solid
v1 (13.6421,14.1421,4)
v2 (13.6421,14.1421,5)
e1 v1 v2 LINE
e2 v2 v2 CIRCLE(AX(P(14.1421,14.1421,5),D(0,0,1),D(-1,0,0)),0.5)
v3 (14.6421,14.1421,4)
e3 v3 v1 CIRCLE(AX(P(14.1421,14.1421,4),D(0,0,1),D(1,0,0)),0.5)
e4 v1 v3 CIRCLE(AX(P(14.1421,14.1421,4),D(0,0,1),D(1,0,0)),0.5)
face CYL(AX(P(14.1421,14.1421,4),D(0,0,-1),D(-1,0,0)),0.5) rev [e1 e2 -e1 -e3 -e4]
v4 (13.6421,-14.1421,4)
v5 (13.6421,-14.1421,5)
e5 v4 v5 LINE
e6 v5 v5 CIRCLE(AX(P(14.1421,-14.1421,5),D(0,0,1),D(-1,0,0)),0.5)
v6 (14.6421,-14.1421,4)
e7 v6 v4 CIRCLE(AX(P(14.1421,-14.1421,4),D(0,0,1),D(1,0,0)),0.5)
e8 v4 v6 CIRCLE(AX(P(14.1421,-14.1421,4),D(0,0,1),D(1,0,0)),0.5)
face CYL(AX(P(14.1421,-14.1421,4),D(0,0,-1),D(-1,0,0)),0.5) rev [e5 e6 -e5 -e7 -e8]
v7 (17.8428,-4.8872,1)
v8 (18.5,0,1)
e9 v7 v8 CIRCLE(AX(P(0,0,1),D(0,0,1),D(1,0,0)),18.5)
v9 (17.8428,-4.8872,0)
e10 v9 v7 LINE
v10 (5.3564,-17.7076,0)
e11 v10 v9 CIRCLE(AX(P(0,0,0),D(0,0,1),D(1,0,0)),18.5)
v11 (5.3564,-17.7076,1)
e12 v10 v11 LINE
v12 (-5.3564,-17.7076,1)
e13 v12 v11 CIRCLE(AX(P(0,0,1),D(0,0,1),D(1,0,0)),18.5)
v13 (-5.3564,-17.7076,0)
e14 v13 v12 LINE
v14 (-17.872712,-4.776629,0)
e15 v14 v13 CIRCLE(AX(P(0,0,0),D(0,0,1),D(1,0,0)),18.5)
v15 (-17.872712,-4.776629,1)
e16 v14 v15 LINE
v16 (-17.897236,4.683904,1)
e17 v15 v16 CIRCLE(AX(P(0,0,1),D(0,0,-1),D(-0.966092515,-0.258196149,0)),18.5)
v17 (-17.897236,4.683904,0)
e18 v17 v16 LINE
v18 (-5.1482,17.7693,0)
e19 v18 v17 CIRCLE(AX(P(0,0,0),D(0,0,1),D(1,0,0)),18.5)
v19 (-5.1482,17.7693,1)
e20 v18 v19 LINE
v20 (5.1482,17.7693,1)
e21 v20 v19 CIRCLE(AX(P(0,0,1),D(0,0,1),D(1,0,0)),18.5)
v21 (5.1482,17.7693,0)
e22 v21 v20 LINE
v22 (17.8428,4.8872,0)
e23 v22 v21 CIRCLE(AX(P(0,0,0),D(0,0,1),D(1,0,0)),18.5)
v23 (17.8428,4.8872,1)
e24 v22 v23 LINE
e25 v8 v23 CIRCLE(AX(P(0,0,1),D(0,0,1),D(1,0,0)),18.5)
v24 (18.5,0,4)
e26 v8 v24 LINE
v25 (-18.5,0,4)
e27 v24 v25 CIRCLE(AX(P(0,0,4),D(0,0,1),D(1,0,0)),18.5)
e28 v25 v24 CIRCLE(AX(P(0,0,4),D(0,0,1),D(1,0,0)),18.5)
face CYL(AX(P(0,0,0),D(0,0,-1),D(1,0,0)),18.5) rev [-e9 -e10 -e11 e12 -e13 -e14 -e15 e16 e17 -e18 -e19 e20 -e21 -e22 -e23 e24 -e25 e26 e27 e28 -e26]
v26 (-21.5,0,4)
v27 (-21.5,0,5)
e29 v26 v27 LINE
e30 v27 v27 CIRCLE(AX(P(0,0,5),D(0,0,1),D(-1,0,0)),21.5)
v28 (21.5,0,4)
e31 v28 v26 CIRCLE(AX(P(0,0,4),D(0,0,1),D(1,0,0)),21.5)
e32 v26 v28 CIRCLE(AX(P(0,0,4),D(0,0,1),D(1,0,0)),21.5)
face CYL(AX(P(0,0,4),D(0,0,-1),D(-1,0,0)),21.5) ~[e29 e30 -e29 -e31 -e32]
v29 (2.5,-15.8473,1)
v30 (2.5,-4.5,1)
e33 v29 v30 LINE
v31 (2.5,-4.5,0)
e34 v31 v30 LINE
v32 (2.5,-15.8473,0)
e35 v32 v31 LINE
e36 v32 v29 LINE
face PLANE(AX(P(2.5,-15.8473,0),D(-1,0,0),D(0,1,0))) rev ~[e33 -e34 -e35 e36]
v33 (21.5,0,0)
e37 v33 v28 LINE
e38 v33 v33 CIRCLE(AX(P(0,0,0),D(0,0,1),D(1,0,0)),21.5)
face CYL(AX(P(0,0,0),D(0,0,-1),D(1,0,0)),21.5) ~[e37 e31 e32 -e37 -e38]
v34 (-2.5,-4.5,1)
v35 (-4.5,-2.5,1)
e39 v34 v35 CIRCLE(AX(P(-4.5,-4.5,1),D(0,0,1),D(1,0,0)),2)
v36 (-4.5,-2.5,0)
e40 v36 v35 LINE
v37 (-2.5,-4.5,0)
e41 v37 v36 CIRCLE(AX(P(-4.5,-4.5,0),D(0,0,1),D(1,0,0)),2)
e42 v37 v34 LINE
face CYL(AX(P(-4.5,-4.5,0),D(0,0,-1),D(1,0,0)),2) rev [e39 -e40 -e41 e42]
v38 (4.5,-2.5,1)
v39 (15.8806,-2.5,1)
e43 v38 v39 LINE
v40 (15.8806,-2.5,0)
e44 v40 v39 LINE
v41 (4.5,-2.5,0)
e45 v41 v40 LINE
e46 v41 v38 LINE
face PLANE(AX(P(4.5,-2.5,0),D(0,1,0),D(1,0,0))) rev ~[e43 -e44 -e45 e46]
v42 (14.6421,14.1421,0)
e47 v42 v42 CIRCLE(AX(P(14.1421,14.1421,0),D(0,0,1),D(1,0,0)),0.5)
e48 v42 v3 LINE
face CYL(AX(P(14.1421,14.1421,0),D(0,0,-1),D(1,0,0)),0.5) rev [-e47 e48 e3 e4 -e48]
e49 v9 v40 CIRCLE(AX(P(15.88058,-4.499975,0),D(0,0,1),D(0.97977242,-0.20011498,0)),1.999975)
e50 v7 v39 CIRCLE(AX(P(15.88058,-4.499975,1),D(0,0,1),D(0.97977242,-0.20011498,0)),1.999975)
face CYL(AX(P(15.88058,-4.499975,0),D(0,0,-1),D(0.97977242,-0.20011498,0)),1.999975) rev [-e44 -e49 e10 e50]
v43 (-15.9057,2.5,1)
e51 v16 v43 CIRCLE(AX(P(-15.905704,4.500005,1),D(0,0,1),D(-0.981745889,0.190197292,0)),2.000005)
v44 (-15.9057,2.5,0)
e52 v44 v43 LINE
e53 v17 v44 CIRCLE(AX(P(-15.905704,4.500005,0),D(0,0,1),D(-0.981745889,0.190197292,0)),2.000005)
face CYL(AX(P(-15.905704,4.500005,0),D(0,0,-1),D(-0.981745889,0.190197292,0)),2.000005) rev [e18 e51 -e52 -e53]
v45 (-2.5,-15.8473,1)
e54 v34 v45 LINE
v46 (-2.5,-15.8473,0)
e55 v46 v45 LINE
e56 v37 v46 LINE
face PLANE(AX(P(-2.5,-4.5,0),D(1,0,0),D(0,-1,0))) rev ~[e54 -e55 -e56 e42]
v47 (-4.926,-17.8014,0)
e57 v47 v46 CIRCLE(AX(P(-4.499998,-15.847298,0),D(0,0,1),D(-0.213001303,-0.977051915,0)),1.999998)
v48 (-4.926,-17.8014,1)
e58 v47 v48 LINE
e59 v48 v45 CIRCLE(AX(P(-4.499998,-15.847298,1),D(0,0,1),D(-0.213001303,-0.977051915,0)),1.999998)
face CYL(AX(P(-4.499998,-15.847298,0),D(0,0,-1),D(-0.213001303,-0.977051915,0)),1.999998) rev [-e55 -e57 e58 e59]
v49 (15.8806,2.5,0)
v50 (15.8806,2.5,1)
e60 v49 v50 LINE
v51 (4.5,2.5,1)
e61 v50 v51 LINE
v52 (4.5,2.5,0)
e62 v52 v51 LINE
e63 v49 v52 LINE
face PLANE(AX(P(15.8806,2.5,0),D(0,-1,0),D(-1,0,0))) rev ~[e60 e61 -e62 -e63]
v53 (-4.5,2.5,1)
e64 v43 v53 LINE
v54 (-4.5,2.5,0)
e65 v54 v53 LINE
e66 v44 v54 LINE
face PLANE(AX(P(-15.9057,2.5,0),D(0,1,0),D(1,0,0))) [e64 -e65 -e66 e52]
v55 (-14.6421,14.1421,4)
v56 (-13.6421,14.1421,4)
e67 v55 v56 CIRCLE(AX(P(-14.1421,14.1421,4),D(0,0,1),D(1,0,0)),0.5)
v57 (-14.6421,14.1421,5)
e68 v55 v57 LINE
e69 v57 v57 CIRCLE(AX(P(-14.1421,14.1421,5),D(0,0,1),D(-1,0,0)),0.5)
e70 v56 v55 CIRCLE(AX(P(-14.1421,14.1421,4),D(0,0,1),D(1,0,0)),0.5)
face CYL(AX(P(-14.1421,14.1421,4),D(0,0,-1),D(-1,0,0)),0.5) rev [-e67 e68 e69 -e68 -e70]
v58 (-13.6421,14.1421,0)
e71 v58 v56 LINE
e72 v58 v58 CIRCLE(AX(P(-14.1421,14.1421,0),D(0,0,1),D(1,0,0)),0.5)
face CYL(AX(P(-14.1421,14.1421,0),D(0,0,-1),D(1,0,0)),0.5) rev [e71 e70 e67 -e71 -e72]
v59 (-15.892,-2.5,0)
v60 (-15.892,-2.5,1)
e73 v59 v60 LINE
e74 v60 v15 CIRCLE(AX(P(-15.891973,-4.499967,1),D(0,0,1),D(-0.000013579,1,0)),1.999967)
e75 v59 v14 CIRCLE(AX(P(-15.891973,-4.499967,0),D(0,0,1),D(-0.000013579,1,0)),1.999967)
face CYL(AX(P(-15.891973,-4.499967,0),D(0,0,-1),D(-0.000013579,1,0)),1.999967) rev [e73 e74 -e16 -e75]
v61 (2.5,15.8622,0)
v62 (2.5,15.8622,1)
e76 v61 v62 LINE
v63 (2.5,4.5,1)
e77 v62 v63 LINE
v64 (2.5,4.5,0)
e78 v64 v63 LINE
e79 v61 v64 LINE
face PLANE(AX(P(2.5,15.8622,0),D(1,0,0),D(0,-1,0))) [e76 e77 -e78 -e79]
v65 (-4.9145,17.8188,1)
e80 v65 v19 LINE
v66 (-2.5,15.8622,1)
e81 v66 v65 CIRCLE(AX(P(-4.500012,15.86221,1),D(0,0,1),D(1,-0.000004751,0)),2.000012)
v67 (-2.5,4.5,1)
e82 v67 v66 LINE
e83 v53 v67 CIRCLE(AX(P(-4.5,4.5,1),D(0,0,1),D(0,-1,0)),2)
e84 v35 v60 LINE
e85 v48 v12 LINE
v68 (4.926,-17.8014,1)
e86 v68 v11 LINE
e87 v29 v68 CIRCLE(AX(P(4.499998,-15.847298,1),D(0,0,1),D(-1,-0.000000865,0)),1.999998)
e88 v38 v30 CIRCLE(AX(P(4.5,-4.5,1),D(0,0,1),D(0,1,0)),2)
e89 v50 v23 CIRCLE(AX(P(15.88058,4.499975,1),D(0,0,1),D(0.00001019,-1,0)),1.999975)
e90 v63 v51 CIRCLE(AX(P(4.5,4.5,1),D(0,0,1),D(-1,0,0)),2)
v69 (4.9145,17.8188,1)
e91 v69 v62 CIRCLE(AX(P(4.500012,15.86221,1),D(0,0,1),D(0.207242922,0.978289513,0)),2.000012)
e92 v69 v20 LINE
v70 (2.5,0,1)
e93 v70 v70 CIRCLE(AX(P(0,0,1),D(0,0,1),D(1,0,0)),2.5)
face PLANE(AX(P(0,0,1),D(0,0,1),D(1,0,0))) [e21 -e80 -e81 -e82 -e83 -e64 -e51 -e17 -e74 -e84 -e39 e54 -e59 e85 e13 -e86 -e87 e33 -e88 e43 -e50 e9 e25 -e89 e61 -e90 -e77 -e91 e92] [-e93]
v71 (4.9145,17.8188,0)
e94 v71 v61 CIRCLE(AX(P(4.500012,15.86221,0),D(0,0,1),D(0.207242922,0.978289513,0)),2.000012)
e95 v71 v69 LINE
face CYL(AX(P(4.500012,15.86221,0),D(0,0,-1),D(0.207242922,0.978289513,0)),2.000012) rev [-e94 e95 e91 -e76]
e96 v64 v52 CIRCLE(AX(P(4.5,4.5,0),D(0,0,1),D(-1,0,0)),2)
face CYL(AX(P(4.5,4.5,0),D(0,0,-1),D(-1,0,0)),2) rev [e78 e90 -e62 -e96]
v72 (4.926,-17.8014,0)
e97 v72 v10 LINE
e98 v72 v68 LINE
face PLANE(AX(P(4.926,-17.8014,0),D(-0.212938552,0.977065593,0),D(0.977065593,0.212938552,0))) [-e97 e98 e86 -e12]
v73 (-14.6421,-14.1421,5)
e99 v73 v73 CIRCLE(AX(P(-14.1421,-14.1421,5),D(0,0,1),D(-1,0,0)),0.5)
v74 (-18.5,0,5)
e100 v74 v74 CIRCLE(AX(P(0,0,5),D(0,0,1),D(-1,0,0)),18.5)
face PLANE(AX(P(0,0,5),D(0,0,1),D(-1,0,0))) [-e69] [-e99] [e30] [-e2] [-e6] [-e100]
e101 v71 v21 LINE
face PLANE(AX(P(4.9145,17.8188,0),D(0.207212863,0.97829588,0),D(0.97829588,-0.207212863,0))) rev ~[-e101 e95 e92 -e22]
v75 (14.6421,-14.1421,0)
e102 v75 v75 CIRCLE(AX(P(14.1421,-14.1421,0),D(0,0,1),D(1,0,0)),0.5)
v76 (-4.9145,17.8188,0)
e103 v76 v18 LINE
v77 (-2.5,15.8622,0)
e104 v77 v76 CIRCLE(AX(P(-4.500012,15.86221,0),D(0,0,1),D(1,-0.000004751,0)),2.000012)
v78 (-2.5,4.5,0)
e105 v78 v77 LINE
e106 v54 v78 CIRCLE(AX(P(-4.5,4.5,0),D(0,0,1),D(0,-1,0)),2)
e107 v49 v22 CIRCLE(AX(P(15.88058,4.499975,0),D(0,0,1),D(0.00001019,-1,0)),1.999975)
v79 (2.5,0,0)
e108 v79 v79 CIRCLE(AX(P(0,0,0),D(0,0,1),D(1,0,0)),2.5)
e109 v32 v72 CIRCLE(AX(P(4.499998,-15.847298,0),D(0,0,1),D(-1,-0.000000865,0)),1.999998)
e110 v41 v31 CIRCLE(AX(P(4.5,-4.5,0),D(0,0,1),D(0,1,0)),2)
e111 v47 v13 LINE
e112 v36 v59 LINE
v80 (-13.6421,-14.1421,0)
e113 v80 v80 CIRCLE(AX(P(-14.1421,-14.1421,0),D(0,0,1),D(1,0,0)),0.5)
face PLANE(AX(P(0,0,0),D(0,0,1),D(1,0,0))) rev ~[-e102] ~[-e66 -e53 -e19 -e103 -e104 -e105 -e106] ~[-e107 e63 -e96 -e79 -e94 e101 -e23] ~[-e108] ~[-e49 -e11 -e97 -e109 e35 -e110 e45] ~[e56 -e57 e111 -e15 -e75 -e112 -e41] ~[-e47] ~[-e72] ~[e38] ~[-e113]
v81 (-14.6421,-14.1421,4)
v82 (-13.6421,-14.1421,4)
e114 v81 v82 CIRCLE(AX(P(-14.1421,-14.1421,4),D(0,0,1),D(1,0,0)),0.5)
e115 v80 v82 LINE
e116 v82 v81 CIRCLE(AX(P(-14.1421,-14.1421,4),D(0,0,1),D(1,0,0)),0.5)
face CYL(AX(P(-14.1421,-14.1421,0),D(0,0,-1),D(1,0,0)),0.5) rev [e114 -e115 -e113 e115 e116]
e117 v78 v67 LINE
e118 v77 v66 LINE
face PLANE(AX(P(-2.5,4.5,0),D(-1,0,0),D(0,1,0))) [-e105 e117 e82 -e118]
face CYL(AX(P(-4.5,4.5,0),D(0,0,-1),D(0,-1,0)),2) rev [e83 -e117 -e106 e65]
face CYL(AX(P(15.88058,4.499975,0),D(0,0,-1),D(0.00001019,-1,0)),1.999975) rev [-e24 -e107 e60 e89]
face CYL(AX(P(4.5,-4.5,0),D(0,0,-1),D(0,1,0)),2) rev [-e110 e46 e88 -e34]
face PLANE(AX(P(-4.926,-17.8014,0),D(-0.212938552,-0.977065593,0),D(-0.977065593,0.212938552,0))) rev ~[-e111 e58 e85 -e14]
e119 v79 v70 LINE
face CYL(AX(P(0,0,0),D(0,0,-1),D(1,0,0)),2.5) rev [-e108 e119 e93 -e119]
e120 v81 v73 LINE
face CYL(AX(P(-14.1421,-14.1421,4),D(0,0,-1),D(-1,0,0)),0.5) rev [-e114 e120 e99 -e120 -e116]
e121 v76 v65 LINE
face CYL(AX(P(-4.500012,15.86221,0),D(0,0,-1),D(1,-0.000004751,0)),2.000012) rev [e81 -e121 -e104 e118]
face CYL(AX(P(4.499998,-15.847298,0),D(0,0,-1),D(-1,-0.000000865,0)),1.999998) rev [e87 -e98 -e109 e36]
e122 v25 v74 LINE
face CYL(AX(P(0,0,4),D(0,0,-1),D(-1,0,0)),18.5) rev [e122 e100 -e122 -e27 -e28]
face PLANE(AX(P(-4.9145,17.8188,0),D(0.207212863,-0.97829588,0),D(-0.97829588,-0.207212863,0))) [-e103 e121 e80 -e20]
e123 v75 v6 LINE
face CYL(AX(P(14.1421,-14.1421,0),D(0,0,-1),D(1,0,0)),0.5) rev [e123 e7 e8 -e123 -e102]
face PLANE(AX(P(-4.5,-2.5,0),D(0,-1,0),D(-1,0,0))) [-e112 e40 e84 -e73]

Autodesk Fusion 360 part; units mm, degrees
sketch "Sketch1" plane through (0, 0, 0) normal (0, 0, 1) x (1, 0, 0)
  circle A0 centre (0, 0) radius 21.5
  circle A1 centre (0, 0) radius 18.5
  circle A2 centre (0, 0) radius 2.5
  line L0 (-2.5, 4.5) -> (-2.5, 15.8622)
  line L1 (2.5, 15.8622) -> (2.5, 4.5)
  line L2 (4.5, -2.5) -> (15.8806, -2.5)
  line L3 (15.8806, 2.5) -> (4.5, 2.5)
  line L4 (-2.5, -4.5) -> (-2.5, -15.8473)
  line L5 (2.5, -15.8473) -> (2.5, -4.5)
  line L6 (-4.5, -2.5) -> (-15.892, -2.5)
  line L7 (-15.9057, 2.5) -> (-4.5, 2.5)
  arc A3 (2.5, 4.5) -> (4.5, 2.5) centre (4.5, 4.5) ccw
  arc A4 (4.5, -2.5) -> (2.5, -4.5) centre (4.5, -4.5) ccw
  arc A5 (-2.5, -4.5) -> (-4.5, -2.5) centre (-4.5, -4.5) ccw
  arc A6 (-4.5, 2.5) -> (-2.5, 4.5) centre (-4.5, 4.5) ccw
  line L8 (-17.8692, 4.8804) -> (-17.9378, 4.526)
  line L9 (-17.8533, -4.8912) -> (-17.8867, -4.7239)
  arc A7 (-17.8692, 4.8804) -> (-15.9057, 2.5) centre (-15.9057, 4.5) ccw
  arc A8 (-15.892, -2.5) -> (-17.8533, -4.8912) centre (-15.892, -4.5) ccw
  line L10 (-4.926, -17.8014) -> (-5.3564, -17.7076)
  line L11 (4.926, -17.8014) -> (5.3564, -17.7076)
  arc A9 (-4.926, -17.8014) -> (-2.5, -15.8473) centre (-4.5, -15.8473) ccw
  arc A10 (2.5, -15.8473) -> (4.926, -17.8014) centre (4.5, -15.8473) ccw
  line L12 (17.8401, -4.9002) -> (17.8428, -4.8872)
  line L13 (17.8401, 4.9002) -> (17.8428, 4.8872)
  arc A11 (15.8806, 2.5) -> (17.8401, 4.9002) centre (15.8806, 4.5) ccw
  arc A12 (17.8401, -4.9002) -> (15.8806, -2.5) centre (15.8806, -4.5) ccw
  line L14 (4.9145, 17.8188) -> (5.1482, 17.7693)
  line L15 (-4.9145, 17.8188) -> (-5.1482, 17.7693)
  arc A13 (-2.5, 15.8622) -> (-4.9145, 17.8188) centre (-4.5, 15.8622) ccw
  arc A14 (4.9145, 17.8188) -> (2.5, 15.8622) centre (4.5, 15.8622) ccw
  dimension "d1" = 43
  dimension "d2" = 37
  dimension "d3" = 5
  dimension "d6" = 2
  dimension "d7" = 2
  dimension "d8" = 2
  dimension "d9" = 2
  dimension "d10" = 2
  dimension "d11" = 2
  dimension "d12" = 2
  dimension "d13" = 2
  dimension "d14" = 2
  dimension "d15" = 2
  dimension "d16" = 2
  dimension "d17" = 2
extrude "Extrude1" add sketch "Sketch1" along normal blind 1 contours A1 L0 L1 L2 L3 L4 L5 L6 L7 A3 A4 A5 A6 A7 A8 L10 L11 A9 A10 A11 A12 L14 L15 A13 A14
sketch "Sketch2" plane through (0, 0, 0) normal (0, 0, 1) x (1, 0, 0)
  circle A0 centre (0, 0) radius 21.5
  circle A1 centre (0, 0) radius 18.5
  line L0 (0, 0) -> (20, 0) construction
  circle A2 centre (-14.1421, 14.1421) radius 0.5
  circle A3 centre (14.1421, 14.1421) radius 0.5
  circle A4 centre (14.1421, -14.1421) radius 0.5
  circle A5 centre (-14.1421, -14.1421) radius 0.5
  dimension "d20" = 43
  dimension "d21" = 37
  dimension "d24" = 1
  dimension "d25" = 1
  dimension "d26" = 1
  dimension "d27" = 1
extrude "Extrude2" add sketch "Sketch2" along normal blind 4
sketch "Sketch3" plane through (0, 0, 4) normal (0, 0, 1) x (-1, 0, 0)
  circle A0 centre (-14.1421, 14.1421) radius 0.5
  circle A1 centre (14.1421, -14.1421) radius 0.5
  circle A2 centre (14.1421, 14.1421) radius 0.5
  circle A3 centre (-14.1421, -14.1421) radius 0.5
  circle A4 centre (0, 0) radius 18.5
  circle A5 centre (0, 0) radius 21.5
sketch "Sketch4" plane through (0, 0, 4) normal (0, 0, 1) x (-1, 0, 0)
  circle A0 centre (0, 0) radius 21.5
  circle A1 centre (0, 0) radius 18.5166
  dimension "d30" = 43
extrude "Extrude3" add sketch "Sketch3" along normal blind 1
